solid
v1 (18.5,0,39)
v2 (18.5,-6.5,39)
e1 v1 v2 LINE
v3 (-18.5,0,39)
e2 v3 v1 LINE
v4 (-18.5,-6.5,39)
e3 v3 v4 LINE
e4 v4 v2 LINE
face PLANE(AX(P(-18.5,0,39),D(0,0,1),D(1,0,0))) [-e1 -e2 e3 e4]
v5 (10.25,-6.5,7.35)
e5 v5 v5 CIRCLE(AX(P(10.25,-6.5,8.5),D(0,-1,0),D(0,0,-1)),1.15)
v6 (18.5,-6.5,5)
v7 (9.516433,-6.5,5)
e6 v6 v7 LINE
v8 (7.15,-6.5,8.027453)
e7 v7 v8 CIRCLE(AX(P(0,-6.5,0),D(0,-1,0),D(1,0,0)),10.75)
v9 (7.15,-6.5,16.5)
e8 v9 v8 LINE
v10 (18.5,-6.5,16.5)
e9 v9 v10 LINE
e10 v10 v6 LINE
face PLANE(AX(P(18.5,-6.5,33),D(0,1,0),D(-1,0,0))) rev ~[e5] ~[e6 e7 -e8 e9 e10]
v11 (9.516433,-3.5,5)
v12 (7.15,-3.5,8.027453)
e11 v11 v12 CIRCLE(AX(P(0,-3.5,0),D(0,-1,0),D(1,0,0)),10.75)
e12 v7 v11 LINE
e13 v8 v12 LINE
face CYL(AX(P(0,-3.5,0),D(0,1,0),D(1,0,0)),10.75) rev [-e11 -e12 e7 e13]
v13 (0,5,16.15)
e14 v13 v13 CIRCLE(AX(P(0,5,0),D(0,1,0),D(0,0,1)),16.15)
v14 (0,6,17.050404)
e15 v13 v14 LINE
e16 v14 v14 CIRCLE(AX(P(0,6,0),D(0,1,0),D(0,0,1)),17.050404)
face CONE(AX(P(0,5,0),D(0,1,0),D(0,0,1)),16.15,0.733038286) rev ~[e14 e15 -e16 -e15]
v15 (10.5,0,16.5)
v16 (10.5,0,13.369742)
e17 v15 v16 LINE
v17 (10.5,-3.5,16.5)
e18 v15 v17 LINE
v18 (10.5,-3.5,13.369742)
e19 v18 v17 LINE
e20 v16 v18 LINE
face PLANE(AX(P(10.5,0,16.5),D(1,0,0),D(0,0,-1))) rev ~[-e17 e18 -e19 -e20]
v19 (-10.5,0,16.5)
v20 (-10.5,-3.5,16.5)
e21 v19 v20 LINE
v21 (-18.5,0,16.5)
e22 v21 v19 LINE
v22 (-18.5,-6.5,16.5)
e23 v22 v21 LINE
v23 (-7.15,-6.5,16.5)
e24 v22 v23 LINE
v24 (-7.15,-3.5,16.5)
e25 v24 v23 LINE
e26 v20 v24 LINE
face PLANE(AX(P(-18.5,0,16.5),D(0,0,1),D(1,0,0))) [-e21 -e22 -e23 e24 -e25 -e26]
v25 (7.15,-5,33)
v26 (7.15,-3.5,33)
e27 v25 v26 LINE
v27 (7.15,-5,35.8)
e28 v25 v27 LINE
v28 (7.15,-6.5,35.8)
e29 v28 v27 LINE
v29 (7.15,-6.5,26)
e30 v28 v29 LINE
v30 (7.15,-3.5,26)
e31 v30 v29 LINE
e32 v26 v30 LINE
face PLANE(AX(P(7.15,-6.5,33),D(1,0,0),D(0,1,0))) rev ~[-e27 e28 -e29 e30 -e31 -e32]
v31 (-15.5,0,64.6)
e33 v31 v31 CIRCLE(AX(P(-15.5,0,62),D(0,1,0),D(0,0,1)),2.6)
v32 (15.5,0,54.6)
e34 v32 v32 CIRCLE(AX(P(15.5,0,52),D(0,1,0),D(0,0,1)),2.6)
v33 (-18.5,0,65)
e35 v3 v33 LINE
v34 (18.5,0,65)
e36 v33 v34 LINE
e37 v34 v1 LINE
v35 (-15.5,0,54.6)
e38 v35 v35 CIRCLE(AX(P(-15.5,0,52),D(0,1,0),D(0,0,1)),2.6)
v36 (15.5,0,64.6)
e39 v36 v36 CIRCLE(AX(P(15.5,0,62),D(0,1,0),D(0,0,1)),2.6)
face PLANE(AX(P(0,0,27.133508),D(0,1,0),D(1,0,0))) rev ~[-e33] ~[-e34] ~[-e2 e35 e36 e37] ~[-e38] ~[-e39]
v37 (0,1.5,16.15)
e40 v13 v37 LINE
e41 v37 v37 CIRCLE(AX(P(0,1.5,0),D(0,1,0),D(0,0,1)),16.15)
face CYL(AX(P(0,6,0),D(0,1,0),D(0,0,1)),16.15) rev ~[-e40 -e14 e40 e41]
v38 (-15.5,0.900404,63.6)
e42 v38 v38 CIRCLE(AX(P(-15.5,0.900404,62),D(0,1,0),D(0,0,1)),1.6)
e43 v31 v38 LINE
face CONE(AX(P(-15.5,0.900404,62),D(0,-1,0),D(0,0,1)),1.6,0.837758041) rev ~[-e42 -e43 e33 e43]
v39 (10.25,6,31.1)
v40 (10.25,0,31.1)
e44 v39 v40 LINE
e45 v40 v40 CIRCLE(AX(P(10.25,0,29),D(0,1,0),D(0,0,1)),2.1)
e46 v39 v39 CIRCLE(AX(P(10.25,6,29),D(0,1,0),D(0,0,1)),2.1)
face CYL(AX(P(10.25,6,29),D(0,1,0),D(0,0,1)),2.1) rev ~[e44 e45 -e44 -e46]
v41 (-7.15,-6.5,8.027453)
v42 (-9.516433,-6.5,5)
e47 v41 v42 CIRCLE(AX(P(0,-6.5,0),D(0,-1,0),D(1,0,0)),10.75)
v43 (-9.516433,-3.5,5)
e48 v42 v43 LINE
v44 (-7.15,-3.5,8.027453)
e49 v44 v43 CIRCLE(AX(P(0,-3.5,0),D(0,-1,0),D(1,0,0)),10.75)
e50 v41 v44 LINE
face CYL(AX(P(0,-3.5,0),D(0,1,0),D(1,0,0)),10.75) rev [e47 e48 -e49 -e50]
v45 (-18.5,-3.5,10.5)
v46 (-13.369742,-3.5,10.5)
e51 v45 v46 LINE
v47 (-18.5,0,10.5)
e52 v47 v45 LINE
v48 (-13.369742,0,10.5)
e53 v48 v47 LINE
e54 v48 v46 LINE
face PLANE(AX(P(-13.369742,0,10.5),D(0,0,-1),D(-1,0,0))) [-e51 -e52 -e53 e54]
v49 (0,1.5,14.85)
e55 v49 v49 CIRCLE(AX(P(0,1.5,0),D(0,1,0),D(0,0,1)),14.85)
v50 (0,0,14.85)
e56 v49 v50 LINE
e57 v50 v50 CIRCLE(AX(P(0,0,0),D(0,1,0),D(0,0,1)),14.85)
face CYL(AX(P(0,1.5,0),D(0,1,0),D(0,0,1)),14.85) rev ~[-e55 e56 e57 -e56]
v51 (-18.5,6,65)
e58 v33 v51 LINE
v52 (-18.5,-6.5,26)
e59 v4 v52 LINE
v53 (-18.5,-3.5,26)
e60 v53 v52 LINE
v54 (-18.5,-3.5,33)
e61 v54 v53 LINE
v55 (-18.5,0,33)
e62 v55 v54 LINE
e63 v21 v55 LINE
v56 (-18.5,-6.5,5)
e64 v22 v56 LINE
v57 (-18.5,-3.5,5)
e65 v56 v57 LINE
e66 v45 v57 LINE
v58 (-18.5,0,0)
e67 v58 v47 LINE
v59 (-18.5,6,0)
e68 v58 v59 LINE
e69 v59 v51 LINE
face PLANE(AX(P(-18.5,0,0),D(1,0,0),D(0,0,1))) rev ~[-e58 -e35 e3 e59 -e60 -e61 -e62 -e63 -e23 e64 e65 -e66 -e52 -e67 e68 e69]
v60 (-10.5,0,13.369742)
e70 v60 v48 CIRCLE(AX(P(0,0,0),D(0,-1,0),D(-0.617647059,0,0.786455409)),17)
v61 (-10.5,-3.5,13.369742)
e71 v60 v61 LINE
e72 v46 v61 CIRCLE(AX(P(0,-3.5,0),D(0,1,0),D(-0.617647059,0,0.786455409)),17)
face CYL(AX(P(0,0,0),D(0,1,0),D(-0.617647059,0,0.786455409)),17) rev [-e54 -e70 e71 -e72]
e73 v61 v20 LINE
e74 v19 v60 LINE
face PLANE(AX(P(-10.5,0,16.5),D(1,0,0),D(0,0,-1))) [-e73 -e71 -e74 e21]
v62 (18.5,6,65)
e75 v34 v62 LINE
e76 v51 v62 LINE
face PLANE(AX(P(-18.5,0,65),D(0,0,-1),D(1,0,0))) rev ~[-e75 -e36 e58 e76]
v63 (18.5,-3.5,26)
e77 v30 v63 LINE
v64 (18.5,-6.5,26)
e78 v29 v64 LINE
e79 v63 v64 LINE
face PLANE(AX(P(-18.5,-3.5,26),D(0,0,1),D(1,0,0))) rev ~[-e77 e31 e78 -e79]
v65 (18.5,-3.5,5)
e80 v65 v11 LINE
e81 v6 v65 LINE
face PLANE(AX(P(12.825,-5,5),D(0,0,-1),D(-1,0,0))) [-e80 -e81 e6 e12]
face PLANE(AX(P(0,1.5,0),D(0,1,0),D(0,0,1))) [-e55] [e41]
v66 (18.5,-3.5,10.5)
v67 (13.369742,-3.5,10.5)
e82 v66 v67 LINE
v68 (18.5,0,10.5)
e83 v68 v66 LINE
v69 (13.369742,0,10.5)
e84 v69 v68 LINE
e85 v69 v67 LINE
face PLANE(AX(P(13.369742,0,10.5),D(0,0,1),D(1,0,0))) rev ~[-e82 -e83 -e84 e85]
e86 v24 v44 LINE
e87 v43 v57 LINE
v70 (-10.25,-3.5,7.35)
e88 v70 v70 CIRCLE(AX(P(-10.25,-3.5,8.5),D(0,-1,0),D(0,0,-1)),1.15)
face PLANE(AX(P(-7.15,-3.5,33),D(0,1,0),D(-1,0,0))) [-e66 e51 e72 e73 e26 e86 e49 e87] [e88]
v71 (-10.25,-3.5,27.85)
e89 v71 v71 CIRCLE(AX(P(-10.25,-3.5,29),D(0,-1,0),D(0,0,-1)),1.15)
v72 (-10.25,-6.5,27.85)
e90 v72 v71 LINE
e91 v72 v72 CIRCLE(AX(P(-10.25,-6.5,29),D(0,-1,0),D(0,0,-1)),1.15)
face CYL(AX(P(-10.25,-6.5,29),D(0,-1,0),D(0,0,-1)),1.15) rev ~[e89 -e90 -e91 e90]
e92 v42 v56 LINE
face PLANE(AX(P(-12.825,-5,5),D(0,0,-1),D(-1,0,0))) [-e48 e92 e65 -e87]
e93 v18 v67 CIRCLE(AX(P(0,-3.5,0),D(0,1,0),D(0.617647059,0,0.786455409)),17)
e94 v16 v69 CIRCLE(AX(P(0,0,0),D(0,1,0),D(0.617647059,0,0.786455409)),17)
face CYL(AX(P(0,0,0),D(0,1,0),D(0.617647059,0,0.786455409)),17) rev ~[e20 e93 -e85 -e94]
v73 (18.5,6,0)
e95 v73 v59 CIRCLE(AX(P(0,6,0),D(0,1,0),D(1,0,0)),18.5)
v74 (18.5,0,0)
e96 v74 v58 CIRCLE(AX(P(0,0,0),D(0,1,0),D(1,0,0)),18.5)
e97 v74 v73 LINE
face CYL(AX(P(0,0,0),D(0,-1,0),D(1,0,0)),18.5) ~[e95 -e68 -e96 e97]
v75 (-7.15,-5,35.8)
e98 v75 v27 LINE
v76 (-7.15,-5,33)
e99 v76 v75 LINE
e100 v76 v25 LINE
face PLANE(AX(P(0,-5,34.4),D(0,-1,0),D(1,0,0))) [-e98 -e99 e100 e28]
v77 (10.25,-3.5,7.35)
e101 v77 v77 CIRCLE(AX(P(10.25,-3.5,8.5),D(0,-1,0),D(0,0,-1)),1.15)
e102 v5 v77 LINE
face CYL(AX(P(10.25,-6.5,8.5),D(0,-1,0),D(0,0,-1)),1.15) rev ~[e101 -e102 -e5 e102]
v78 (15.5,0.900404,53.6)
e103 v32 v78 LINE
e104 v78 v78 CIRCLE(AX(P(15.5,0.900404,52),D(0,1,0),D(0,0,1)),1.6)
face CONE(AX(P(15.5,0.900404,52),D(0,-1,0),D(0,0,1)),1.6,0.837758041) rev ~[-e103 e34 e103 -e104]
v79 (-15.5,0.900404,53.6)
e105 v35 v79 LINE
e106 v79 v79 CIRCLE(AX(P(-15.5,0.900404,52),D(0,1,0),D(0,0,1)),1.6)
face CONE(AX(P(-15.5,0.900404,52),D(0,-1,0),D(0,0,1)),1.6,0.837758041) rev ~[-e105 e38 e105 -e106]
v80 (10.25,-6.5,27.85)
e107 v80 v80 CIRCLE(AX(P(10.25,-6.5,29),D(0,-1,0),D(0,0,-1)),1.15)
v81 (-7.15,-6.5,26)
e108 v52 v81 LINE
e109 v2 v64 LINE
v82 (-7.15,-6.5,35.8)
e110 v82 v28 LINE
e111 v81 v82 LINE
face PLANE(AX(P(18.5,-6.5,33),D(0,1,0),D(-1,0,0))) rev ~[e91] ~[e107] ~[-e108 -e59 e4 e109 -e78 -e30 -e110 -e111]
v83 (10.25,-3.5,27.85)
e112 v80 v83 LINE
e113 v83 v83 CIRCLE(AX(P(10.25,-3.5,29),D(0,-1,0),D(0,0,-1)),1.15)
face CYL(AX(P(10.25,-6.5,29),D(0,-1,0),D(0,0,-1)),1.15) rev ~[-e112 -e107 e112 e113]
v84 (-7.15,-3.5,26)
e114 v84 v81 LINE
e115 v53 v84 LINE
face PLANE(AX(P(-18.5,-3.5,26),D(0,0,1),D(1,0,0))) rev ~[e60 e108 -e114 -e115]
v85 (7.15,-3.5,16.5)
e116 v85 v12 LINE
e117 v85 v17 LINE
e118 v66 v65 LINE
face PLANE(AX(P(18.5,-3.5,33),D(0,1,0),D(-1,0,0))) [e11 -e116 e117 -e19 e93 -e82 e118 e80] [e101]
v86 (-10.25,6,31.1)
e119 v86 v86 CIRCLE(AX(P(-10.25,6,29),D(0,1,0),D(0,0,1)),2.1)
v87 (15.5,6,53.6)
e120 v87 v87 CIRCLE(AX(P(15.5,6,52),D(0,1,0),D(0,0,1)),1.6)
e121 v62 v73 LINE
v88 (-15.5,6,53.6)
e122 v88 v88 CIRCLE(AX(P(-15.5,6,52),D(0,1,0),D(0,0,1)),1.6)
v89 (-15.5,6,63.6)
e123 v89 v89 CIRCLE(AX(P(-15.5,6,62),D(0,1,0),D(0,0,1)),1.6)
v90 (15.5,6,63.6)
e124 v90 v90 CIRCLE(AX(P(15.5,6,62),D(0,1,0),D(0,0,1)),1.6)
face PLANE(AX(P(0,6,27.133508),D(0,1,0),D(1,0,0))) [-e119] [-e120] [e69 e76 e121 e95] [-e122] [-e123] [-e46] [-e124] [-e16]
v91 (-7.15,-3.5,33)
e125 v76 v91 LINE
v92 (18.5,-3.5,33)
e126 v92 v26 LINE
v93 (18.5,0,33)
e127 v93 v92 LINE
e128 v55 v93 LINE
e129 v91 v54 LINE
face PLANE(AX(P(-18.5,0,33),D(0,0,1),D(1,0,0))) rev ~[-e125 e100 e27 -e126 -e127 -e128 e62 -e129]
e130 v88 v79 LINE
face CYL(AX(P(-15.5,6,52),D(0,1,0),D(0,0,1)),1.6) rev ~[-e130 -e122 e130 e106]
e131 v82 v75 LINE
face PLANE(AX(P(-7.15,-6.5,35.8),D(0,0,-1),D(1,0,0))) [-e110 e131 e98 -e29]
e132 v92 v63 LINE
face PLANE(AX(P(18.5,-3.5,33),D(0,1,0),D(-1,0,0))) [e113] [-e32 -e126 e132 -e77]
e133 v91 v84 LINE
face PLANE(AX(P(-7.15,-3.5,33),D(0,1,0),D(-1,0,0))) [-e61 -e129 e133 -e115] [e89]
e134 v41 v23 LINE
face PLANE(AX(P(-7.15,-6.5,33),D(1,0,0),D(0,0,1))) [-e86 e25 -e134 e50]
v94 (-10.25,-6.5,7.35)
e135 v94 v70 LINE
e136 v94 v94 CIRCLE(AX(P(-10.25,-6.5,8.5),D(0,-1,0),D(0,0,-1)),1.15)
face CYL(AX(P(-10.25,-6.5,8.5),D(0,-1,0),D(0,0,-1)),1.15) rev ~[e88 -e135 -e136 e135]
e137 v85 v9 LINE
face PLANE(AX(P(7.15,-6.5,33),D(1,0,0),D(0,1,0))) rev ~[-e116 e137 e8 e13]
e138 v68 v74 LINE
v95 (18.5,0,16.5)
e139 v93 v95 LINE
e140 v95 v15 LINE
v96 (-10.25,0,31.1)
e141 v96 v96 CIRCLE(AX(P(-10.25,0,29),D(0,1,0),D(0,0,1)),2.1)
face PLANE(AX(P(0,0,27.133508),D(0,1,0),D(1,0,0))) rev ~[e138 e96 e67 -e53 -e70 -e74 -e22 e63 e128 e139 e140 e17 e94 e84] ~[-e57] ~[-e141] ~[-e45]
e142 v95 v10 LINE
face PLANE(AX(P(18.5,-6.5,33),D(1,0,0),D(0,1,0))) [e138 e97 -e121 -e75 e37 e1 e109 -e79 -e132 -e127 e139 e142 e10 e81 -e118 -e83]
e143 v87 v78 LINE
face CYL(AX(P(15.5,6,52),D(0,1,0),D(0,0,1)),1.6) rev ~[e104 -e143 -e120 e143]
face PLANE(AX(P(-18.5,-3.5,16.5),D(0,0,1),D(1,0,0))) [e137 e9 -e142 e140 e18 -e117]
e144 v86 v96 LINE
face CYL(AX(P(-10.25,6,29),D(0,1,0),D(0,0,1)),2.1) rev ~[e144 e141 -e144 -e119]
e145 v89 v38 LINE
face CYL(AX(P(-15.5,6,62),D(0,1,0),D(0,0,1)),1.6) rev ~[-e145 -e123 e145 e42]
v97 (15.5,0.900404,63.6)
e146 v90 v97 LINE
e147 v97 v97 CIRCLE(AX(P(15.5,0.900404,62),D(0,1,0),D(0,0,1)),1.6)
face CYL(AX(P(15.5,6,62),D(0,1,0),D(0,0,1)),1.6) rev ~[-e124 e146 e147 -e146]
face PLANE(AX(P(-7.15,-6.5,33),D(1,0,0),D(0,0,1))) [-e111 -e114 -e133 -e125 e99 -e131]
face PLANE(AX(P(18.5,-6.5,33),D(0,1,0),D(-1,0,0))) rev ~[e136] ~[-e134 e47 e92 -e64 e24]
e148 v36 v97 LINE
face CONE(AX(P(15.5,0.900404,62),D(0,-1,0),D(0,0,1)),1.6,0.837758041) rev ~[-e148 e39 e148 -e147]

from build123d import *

# Parameters (mm, degrees)
EXTRUDE_1_DEPTH     = 6
SKETCH_2_R          = 16.15
CUT_EXTRUDE_1_DEPTH = 4.5
SKETCH_3_R          = 14.85
CUT_EXTRUDE_2_DEPTH = 68.731085921
CHAMFER_1_SIZE      = 1
CHAMFER_1_SIZE2     = 0.900404044
SKETCH_4_W          = 37
SKETCH_4_H          = 6
EXTRUDE_2_DEPTH     = 6.5
SKETCH_5_W          = 14.3
SKETCH_5_H          = 2.8
CUT_EXTRUDE_3_DEPTH = 1.5
SKETCH_6_W          = 11.35
SKETCH_6_H          = 3
EXTRUDE_3_DEPTH     = 28
SKETCH_7_R          = 1.15
CUT_EXTRUDE_4_DEPTH = 69.727723664
CUT_EXTRUDE_5_REACH = 70.728
SKETCH_8_R          = 2.1
CUT_EXTRUDE_START   = -3
SKETCH_9_R          = 10.75
SKETCH_9_W          = 37
SKETCH_9_H          = 9.5
CUT_EXTRUDE_6_DEPTH = 3
CUT_EXTRUDE_7_REACH = 70.728
SKETCH_10_R         = 1.6
CHAMFER_2_SIZE      = 1
CHAMFER_2_SIZE2     = 0.900404044


with BuildPart() as part:
    # 스케치1 → 보스-돌출1 (new body)
    with BuildSketch(Plane(origin=(0, 0, 0), x_dir=(1, 0, 0), z_dir=(0, 1, 0))):
        with BuildLine():
            Line((-18.5, 0), (-18.5, -65))
            Line((-18.5, -65), (18.5, -65))
            Line((18.5, -65), (18.5, 0))
            ThreePointArc((18.5, 0), (0, 18.5), (-18.5, 0))
        make_face()
    extrude(amount=EXTRUDE_1_DEPTH)

    # 스케치2 → 컷-돌출1 (cut)
    with BuildSketch(Plane(origin=(0, 6, 0), x_dir=(1, 0, 0), z_dir=(0, 1, 0))):
        with Locations(Location((0, 0, 0), (0, 0, 270))):
            Circle(SKETCH_2_R)
    extrude(amount=-CUT_EXTRUDE_1_DEPTH, mode=Mode.SUBTRACT)

    # 스케치3 → 컷-돌출2 (cut, through all)
    with BuildSketch(Plane(origin=(0, 1.5, 0), x_dir=(1, 0, 0), z_dir=(0, 1, 0))):
        with Locations(Location((0, 0, 0), (0, 0, 270))):
            Circle(SKETCH_3_R)
    extrude(amount=-CUT_EXTRUDE_2_DEPTH, mode=Mode.SUBTRACT)

    # 모따기1
    chamfer_1_edges = [part.edges().sort_by_distance(p)[0] for p in [
        (0, 6, -16.15),
    ]]
    chamfer_1_side = [part.faces().sort_by_distance(p)[0] for p in [
        (0, 3.75, -16.15),
    ]]
    chamfer(chamfer_1_edges, length=CHAMFER_1_SIZE, length2=CHAMFER_1_SIZE2, reference=chamfer_1_side[0])

    # 스케치4 → 보스-돌출2 (add)
    with BuildSketch(Plane.XZ):
        with Locations((0, 36)):
            Rectangle(SKETCH_4_W, SKETCH_4_H)
        with BuildLine():
            Line((-18.5, 16.5), (-10.5, 16.5))
            Line((-10.5, 16.5), (-10.5, 13.369741957))
            ThreePointArc((-10.5, 13.369741957), (-12.02081528, 12.02081528), (-13.369741957, 10.5))
            Line((-13.369741957, 10.5), (-18.5, 10.5))
            Line((-18.5, 10.5), (-18.5, 16.5))
        make_face()
        with BuildLine():
            Line((18.5, 16.5), (10.5, 16.5))
            Line((10.5, 16.5), (10.5, 13.369741957))
            ThreePointArc((10.5, 13.369741957), (12.02081528, 12.02081528), (13.369741957, 10.5))
            Line((13.369741957, 10.5), (18.5, 10.5))
            Line((18.5, 10.5), (18.5, 16.5))
        make_face()
    extrude(amount=EXTRUDE_2_DEPTH)

    # 스케치5 → 컷-돌출3 (cut)
    with BuildSketch(Plane.XZ.offset(6.5)):
        with Locations((0, 34.4)):
            Rectangle(SKETCH_5_W, SKETCH_5_H)
    extrude(amount=-CUT_EXTRUDE_3_DEPTH, mode=Mode.SUBTRACT)

    # 스케치6 → 보스-돌출3 (add)
    with BuildSketch(Plane(origin=(0, 0, 33), x_dir=(-1, 0, 0), z_dir=(0, 0, -1))):
        with Locations((-12.825, -5)):
            Rectangle(SKETCH_6_W, SKETCH_6_H)
        with Locations((12.825, -5)):
            Rectangle(SKETCH_6_W, SKETCH_6_H)
    extrude(amount=EXTRUDE_3_DEPTH)

    # 스케치7 → 컷-돌출4 (cut, through all)
    with BuildSketch(Plane.XZ.offset(6.5)):
        with Locations(Location((-10.25, 29, 0), (0, 0, 270))):
            Circle(SKETCH_7_R)
        with Locations(Location((10.25, 29, 0), (0, 0, 270))):
            Circle(SKETCH_7_R)
        with Locations(Location((-10.25, 8.5, 0), (0, 0, 270))):
            Circle(SKETCH_7_R)
        with Locations(Location((10.25, 8.5, 0), (0, 0, 270))):
            Circle(SKETCH_7_R)
    extrude(amount=-CUT_EXTRUDE_4_DEPTH, mode=Mode.SUBTRACT)

    # 스케치8 → 컷-돌출5 (cut, up to next)
    with BuildSketch(Plane(origin=(0, 6, 0), x_dir=(1, 0, 0), z_dir=(0, 1, 0)), mode=Mode.PRIVATE) as cut_extrude_5_sk1:
        with Locations(Location((-10.25, -29, 0), (0, 0, 270))):
            Circle(SKETCH_8_R)
    cut_extrude_5_tool1 = extrude(cut_extrude_5_sk1.sketch, amount=-CUT_EXTRUDE_5_REACH, mode=Mode.PRIVATE) & part.part
    # 스케치8 → 컷-돌출5 (cut, up to next)
    with BuildSketch(Plane(origin=(0, 6, 0), x_dir=(1, 0, 0), z_dir=(0, 1, 0)), mode=Mode.PRIVATE) as cut_extrude_5_sk2:
        with Locations(Location((10.25, -29, 0), (0, 0, 270))):
            Circle(SKETCH_8_R)
    cut_extrude_5_tool2 = extrude(cut_extrude_5_sk2.sketch, amount=-CUT_EXTRUDE_5_REACH, mode=Mode.PRIVATE) & part.part
    add(cut_extrude_5_tool1.solids().sort_by_distance((-10.25, 6, 29))[0], mode=Mode.SUBTRACT)
    add(cut_extrude_5_tool2.solids().sort_by_distance((10.25, 6, 29))[0], mode=Mode.SUBTRACT)

    # 스케치9 → 컷-돌출6 (cut)
    with BuildSketch(Plane.XZ.offset(6.5).offset(CUT_EXTRUDE_START)):
        Circle(SKETCH_9_R)
        with Locations((0, 21.25)):
            Rectangle(SKETCH_9_W, SKETCH_9_H)
    extrude(amount=CUT_EXTRUDE_6_DEPTH, mode=Mode.SUBTRACT)

    # 스케치10 → 컷-돌출7 (cut, up to next)
    with BuildSketch(Plane(origin=(0, 6, 0), x_dir=(1, 0, 0), z_dir=(0, 1, 0)), mode=Mode.PRIVATE) as cut_extrude_7_sk1:
        with Locations(Location((-15.5, -52, 0), (0, 0, 270))):
            Circle(SKETCH_10_R)
    cut_extrude_7_tool1 = extrude(cut_extrude_7_sk1.sketch, amount=-CUT_EXTRUDE_7_REACH, mode=Mode.PRIVATE) & part.part
    # 스케치10 → 컷-돌출7 (cut, up to next)
    with BuildSketch(Plane(origin=(0, 6, 0), x_dir=(1, 0, 0), z_dir=(0, 1, 0)), mode=Mode.PRIVATE) as cut_extrude_7_sk2:
        with Locations(Location((15.5, -52, 0), (0, 0, 270))):
            Circle(SKETCH_10_R)
    cut_extrude_7_tool2 = extrude(cut_extrude_7_sk2.sketch, amount=-CUT_EXTRUDE_7_REACH, mode=Mode.PRIVATE) & part.part
    # 스케치10 → 컷-돌출7 (cut, up to next)
    with BuildSketch(Plane(origin=(0, 6, 0), x_dir=(1, 0, 0), z_dir=(0, 1, 0)), mode=Mode.PRIVATE) as cut_extrude_7_sk3:
        with Locations(Location((15.5, -62, 0), (0, 0, 270))):
            Circle(SKETCH_10_R)
    cut_extrude_7_tool3 = extrude(cut_extrude_7_sk3.sketch, amount=-CUT_EXTRUDE_7_REACH, mode=Mode.PRIVATE) & part.part
    # 스케치10 → 컷-돌출7 (cut, up to next)
    with BuildSketch(Plane(origin=(0, 6, 0), x_dir=(1, 0, 0), z_dir=(0, 1, 0)), mode=Mode.PRIVATE) as cut_extrude_7_sk4:
        with Locations(Location((-15.5, -62, 0), (0, 0, 270))):
            Circle(SKETCH_10_R)
    cut_extrude_7_tool4 = extrude(cut_extrude_7_sk4.sketch, amount=-CUT_EXTRUDE_7_REACH, mode=Mode.PRIVATE) & part.part
    add(cut_extrude_7_tool1.solids().sort_by_distance((-15.5, 6, 52))[0], mode=Mode.SUBTRACT)
    add(cut_extrude_7_tool2.solids().sort_by_distance((15.5, 6, 52))[0], mode=Mode.SUBTRACT)
    add(cut_extrude_7_tool3.solids().sort_by_distance((15.5, 6, 62))[0], mode=Mode.SUBTRACT)
    add(cut_extrude_7_tool4.solids().sort_by_distance((-15.5, 6, 62))[0], mode=Mode.SUBTRACT)

    # 모따기2
    chamfer_2_edges = [part.edges().sort_by_distance(p)[0] for p in [
        (-15.5, 0, 60.4),
        (15.5, 0, 60.4),
        (15.5, 0, 50.4),
        (-15.5, 0, 50.4),
    ]]
    chamfer_2_side = [part.faces().sort_by_distance(p)[0] for p in [
        (0, 0, 51.827011897),
    ]]
    chamfer(chamfer_2_edges, length=CHAMFER_2_SIZE, length2=CHAMFER_2_SIZE2, reference=chamfer_2_side[0])


solid = part.part
